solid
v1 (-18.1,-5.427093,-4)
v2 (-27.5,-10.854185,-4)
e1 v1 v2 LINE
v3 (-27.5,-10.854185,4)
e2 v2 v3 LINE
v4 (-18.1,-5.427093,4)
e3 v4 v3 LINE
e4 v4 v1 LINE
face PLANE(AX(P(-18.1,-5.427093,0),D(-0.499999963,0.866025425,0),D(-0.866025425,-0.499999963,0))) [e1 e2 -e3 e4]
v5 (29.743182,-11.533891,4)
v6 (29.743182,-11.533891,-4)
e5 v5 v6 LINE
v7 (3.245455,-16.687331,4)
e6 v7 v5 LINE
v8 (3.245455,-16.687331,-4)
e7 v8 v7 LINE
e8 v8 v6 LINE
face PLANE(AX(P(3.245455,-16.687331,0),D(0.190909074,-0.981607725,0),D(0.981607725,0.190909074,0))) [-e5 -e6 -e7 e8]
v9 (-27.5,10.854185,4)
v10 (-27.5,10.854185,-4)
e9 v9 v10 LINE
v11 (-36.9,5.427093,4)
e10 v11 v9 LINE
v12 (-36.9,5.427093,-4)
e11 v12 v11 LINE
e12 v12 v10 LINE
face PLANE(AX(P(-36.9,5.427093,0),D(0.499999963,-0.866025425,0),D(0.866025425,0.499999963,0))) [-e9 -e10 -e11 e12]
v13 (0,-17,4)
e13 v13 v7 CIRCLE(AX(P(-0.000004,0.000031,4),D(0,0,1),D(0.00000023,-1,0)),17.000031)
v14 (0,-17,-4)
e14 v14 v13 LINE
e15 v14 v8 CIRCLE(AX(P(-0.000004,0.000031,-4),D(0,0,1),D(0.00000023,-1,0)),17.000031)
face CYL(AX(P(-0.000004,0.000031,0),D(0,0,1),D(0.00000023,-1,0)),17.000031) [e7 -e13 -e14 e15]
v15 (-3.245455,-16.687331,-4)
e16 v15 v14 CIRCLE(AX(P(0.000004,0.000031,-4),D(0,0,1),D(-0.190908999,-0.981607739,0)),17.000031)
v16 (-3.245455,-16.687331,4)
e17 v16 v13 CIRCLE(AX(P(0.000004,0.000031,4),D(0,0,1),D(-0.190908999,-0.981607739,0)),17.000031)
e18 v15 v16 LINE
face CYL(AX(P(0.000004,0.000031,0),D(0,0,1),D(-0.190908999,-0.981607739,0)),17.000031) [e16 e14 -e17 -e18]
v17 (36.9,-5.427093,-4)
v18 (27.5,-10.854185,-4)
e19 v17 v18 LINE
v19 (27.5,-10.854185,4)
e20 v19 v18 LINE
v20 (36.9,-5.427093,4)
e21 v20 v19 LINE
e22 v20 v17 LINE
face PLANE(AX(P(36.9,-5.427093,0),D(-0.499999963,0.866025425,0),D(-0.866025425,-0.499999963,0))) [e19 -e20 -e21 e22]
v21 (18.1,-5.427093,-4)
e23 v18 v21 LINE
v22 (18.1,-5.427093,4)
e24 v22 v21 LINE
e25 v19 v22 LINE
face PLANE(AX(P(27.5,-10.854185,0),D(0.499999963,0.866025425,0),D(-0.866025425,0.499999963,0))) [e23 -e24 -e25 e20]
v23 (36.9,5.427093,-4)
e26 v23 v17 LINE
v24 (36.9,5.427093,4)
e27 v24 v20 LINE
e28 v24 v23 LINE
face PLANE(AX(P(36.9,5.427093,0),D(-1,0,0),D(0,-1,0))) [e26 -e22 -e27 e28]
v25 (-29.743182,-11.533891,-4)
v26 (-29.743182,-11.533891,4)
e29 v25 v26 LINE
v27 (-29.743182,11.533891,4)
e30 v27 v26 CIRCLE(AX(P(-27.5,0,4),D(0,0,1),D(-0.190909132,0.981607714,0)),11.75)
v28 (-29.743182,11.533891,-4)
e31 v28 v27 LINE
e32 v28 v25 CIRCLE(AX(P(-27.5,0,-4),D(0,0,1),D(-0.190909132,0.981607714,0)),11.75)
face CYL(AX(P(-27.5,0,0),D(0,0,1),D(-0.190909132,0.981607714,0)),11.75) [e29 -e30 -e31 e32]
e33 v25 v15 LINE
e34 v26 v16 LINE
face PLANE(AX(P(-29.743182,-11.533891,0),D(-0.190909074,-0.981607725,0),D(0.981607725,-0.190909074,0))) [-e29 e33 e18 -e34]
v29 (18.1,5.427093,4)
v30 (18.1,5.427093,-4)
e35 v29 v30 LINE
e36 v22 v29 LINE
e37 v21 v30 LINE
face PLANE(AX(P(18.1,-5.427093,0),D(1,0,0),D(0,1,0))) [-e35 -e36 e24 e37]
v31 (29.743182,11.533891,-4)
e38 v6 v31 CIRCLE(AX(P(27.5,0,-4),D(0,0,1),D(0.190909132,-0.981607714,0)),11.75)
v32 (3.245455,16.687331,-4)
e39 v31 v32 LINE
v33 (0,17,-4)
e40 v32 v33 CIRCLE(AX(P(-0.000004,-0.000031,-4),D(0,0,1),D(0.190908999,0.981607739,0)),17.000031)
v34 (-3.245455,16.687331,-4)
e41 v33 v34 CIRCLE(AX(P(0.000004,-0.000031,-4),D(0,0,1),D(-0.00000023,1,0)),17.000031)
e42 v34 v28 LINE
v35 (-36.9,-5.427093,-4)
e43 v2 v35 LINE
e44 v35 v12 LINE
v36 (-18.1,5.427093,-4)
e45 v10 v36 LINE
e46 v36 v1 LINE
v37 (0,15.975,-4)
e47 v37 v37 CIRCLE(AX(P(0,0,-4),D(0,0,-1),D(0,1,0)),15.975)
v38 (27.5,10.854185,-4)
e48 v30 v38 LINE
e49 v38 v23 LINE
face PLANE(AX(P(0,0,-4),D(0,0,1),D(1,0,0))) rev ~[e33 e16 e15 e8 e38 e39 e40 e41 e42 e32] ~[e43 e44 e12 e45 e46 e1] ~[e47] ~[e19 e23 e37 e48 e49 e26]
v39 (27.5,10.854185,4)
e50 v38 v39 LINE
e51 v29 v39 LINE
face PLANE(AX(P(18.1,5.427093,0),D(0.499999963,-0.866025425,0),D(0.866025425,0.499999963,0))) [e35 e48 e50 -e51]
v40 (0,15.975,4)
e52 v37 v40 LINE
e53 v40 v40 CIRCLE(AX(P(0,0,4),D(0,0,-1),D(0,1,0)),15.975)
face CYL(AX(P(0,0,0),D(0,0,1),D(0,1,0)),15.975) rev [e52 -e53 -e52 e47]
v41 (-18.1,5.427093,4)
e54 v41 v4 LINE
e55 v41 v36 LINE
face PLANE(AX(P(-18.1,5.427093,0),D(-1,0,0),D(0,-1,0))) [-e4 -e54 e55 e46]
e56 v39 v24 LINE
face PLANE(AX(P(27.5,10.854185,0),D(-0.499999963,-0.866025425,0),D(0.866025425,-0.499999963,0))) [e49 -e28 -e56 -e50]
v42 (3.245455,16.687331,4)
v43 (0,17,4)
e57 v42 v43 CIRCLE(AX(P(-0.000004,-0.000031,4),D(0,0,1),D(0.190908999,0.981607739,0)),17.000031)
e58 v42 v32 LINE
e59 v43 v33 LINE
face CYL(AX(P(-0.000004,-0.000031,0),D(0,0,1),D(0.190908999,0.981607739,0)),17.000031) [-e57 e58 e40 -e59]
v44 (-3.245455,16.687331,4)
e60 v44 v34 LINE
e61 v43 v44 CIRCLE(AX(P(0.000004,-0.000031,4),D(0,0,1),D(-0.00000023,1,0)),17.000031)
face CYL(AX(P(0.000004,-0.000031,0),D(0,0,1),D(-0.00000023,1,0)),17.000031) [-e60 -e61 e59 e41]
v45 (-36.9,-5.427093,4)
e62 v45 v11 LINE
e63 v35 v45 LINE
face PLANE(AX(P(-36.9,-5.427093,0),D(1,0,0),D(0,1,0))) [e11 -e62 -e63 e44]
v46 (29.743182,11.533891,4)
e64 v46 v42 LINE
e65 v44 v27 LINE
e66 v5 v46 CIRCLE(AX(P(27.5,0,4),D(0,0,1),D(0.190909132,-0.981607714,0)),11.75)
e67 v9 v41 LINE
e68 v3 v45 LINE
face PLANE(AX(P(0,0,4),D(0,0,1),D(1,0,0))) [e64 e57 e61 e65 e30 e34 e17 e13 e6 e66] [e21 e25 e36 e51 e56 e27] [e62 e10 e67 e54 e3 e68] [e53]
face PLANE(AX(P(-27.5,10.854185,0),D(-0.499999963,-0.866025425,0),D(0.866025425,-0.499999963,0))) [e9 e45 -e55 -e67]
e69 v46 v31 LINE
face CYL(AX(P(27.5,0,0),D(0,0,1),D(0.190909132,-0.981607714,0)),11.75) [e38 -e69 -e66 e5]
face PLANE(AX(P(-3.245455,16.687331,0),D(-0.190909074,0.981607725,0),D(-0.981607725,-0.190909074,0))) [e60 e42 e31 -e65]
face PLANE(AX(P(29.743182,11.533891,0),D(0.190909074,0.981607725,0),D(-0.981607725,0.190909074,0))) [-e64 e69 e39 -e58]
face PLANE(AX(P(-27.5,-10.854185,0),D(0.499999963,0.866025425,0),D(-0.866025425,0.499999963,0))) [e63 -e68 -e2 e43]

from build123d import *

# Parameters (mm, degrees)
F1_DEPTH = 4


with BuildPart() as f1:
    # F0 (on Top) → F1 (new body, symmetric)
    with BuildSketch(Plane.XY):
        with BuildLine():
            Line((-3.245455, 16.687331), (-29.743182, 11.533891))
            ThreePointArc((-29.743182, 11.533891), (-39.25, 0), (-29.743182, -11.533891))
            Line((-29.743182, -11.533891), (-3.245455, -16.687331))
            ThreePointArc((-3.245455, -16.687331), (-1.630241, -16.921652), (0, -17))
            ThreePointArc((0, -17), (1.630241, -16.921652), (3.245455, -16.687331))
            Line((3.245455, -16.687331), (29.743182, -11.533891))
            ThreePointArc((29.743182, -11.533891), (39.25, 0), (29.743182, 11.533891))
            Line((29.743182, 11.533891), (3.245455, 16.687331))
            ThreePointArc((3.245455, 16.687331), (1.630241, 16.921652), (0, 17))
            ThreePointArc((0, 17), (-1.630241, 16.921652), (-3.245455, 16.687331))
        make_face()
        Polygon((-27.5, -10.854185), (-36.9, -5.427093), (-36.9, 5.427093), (-27.5, 10.854185), (-18.1, 5.427093), (-18.1, -5.427093), align=None, mode=Mode.SUBTRACT)
        with BuildLine():
            ThreePointArc((0, -15.975), (-15.975, 0), (0, 15.975))
            ThreePointArc((0, 15.975), (15.975, 0), (0, -15.975))
        make_face(mode=Mode.SUBTRACT)
        Polygon((27.5, 10.854185), (36.9, 5.427093), (36.9, -5.427093), (27.5, -10.854185), (18.1, -5.427093), (18.1, 5.427093), align=None, mode=Mode.SUBTRACT)
    extrude(amount=F1_DEPTH, both=True)


solid = f1.part
